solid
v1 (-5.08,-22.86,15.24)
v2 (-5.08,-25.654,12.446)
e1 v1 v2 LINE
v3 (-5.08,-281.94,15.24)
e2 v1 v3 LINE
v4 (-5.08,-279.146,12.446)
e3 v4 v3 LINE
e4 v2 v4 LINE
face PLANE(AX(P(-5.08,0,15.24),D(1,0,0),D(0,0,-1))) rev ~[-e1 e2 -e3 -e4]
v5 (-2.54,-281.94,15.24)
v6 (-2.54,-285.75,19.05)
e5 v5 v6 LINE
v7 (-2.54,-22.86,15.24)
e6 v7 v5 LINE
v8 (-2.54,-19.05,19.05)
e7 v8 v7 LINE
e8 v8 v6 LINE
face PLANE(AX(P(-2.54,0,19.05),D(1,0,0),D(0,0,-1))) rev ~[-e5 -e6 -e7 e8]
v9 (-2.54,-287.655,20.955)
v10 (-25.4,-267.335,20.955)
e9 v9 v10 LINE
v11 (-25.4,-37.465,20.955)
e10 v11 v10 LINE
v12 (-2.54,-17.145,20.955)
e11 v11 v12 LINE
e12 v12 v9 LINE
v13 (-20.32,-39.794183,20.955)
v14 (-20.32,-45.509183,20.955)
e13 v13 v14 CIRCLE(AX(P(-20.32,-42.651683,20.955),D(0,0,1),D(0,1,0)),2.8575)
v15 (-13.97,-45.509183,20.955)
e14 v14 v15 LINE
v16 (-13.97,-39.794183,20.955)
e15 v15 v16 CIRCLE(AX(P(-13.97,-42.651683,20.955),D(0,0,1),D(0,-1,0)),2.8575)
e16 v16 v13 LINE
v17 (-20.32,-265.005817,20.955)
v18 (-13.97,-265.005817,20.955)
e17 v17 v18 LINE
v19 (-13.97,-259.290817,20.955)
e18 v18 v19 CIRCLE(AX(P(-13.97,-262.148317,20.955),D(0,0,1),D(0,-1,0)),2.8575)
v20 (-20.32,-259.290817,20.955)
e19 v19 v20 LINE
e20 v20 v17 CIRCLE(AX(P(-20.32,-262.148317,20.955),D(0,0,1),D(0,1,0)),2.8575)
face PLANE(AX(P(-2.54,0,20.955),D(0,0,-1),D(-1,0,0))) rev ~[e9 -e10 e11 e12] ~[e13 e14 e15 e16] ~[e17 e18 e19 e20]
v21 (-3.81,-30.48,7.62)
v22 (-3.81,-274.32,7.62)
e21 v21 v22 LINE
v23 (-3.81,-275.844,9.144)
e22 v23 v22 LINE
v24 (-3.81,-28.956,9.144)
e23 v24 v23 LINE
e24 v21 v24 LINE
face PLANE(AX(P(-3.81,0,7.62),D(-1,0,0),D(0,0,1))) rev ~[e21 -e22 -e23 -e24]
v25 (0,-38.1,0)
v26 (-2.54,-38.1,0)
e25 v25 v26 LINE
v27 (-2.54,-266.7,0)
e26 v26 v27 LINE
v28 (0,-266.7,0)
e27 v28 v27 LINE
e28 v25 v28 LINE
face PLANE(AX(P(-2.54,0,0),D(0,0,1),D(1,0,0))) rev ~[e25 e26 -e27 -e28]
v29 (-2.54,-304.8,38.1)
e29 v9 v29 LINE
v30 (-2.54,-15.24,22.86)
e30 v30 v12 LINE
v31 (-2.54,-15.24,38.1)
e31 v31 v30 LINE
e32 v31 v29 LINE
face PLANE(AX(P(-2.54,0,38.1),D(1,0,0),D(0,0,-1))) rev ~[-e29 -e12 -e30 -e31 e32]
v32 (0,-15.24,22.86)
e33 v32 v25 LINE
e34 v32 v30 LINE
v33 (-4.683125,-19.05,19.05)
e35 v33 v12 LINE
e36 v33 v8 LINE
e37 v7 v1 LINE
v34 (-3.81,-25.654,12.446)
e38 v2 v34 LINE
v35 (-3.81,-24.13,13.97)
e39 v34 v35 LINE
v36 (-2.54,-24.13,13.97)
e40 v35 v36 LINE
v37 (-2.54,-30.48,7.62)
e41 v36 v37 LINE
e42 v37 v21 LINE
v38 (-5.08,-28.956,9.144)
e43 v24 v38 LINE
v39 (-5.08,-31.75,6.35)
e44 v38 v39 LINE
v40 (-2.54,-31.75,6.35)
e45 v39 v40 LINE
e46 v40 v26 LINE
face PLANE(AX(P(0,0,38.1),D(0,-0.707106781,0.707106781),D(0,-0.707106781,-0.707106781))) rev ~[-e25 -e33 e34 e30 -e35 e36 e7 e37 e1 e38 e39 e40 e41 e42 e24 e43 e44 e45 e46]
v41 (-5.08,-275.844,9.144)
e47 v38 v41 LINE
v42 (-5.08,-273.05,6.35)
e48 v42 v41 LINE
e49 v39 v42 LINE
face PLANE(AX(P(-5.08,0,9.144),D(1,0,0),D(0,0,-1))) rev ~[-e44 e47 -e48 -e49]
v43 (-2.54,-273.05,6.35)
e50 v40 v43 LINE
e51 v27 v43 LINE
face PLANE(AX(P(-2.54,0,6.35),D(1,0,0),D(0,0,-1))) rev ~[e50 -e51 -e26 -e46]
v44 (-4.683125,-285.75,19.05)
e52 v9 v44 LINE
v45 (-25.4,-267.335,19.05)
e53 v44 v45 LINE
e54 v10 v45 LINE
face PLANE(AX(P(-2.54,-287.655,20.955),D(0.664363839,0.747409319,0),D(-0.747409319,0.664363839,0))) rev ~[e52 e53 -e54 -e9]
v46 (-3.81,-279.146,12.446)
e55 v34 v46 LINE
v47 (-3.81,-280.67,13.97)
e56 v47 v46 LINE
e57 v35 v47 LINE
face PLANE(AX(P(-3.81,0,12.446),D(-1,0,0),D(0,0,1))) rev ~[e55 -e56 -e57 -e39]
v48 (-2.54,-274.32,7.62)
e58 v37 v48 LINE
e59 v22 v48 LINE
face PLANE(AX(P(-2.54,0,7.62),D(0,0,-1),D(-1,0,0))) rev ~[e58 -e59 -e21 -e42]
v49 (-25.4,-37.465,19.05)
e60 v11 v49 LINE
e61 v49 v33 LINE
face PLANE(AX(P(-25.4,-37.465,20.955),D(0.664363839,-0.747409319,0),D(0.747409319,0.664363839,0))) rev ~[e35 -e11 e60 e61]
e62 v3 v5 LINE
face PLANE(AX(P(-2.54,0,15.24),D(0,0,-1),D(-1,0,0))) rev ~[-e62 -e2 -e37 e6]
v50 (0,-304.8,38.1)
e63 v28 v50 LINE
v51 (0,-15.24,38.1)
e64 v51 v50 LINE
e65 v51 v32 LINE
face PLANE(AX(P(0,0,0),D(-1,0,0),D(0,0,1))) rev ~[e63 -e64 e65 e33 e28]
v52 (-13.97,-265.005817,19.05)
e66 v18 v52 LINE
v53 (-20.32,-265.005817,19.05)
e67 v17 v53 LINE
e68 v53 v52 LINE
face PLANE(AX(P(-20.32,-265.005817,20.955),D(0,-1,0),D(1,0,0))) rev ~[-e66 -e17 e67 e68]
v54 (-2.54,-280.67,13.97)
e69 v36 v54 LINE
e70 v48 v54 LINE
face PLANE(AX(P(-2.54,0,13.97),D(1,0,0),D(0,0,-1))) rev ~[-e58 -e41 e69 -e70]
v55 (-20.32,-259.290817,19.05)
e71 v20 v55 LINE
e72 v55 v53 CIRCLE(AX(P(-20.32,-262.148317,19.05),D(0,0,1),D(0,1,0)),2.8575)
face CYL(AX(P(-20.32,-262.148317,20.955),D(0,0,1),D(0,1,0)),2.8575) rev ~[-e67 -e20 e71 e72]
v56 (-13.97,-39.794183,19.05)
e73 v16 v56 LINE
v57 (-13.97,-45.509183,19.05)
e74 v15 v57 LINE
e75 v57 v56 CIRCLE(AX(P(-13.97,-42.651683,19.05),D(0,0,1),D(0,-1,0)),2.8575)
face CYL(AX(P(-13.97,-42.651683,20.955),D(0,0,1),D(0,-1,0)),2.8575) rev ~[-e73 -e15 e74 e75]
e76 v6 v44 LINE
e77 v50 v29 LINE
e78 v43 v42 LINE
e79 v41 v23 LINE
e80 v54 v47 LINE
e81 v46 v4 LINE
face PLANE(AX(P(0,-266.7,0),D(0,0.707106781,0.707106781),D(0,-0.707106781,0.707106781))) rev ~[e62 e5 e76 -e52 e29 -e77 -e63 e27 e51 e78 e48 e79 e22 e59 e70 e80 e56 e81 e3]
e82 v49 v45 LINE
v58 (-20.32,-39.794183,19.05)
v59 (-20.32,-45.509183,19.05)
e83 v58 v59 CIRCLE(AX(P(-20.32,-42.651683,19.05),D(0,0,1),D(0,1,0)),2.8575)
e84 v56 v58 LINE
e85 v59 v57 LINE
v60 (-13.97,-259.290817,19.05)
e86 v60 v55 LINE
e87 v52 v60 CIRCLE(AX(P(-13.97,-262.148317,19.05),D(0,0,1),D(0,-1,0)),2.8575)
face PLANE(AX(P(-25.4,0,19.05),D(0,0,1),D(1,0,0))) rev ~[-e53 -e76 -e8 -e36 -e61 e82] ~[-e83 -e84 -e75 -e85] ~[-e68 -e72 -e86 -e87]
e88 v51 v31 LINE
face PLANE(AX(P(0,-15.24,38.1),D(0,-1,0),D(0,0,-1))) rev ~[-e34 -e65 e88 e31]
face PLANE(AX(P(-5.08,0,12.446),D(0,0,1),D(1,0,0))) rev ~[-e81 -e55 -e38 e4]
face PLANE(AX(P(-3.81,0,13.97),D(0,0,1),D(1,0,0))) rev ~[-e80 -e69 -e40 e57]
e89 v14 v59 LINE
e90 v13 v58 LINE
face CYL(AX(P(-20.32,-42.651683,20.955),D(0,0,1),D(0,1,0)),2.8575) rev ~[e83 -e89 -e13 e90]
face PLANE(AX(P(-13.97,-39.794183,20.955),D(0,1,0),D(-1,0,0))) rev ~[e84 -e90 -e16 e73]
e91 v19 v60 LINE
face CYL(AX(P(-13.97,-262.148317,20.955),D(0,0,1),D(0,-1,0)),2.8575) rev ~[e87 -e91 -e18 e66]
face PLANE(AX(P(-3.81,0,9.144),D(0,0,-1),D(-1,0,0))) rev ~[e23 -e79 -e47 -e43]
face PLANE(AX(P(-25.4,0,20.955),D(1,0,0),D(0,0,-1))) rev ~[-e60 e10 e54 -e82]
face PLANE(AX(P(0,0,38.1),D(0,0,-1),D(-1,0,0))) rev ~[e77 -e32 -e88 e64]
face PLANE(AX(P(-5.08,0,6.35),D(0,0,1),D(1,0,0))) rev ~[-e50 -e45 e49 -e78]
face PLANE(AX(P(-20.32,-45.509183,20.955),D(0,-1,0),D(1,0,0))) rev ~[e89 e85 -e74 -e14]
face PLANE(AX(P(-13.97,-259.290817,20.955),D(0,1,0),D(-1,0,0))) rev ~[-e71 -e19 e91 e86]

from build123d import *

# Parameters (mm, degrees)
F1_DEPTH = 304.8
F3_DEPTH = 25.4
F5_DEPTH = 25.4
F7_DEPTH = 25.4
F9_DEPTH = 25.4


with BuildPart() as f1:
    # F0 (on Front) → F1 (new body)
    with BuildSketch(Plane.XZ):
        Polygon((-2.54, 0), (0, 0), (0, 38.1), (-2.54, 38.1), (-2.54, 20.955), (-25.4, 20.955), (-25.4, 19.05), (-2.54, 19.05), (-2.54, 15.24), (-5.08, 15.24), (-5.08, 12.446), (-3.81, 12.446), (-3.81, 13.97), (-2.54, 13.97), (-2.54, 7.62), (-3.81, 7.62), (-3.81, 9.144), (-5.08, 9.144), (-5.08, 6.35), (-2.54, 6.35), align=None)
    extrude(amount=F1_DEPTH)

    # F2 (on face) → F3 (cut)
    with BuildSketch(Plane.YZ):
        Polygon((-266.7, 0), (-304.8, 38.1), (-304.8, 0), align=None)
        Polygon((0, 0), (0, 38.1), (-38.1, 0), align=None)
    extrude(amount=-F3_DEPTH, mode=Mode.SUBTRACT)

    # F4 (on face) → F5 (cut)
    with BuildSketch(Plane.XY.offset(20.955)):
        Polygon((-25.4, -37.465), (-2.54, -17.145), (-25.4, -17.145), align=None)
        Polygon((-25.4, -287.655), (-2.54, -287.655), (-25.4, -267.335), align=None)
    extrude(amount=-F5_DEPTH, mode=Mode.SUBTRACT)

    # F6 (on face) → F7 (cut)
    with BuildSketch(Plane.XY.offset(20.955)):
        with BuildLine():
            Line((-13.97, -39.794183), (-20.32, -39.794183))
            ThreePointArc((-20.32, -39.794183), (-23.1775, -42.651683), (-20.32, -45.509183))
            Line((-20.32, -45.509183), (-13.97, -45.509183))
            ThreePointArc((-13.97, -45.509183), (-11.1125, -42.651683), (-13.97, -39.794183))
        make_face()
        with BuildLine():
            Line((-20.32, -265.005817), (-13.97, -265.005817))
            ThreePointArc((-13.97, -265.005817), (-11.1125, -262.148317), (-13.97, -259.290817))
            Line((-13.97, -259.290817), (-20.32, -259.290817))
            ThreePointArc((-20.32, -259.290817), (-23.1775, -262.148317), (-20.32, -265.005817))
        make_face()
    extrude(amount=-F7_DEPTH, mode=Mode.SUBTRACT)

    # F8 (on face) → F9 (cut)
    with BuildSketch(Plane.YZ):
        Polygon((-15.24, 22.86), (0, 38.1), (-15.24, 38.1), align=None)
    extrude(amount=-F9_DEPTH, mode=Mode.SUBTRACT)


solid = f1.part
